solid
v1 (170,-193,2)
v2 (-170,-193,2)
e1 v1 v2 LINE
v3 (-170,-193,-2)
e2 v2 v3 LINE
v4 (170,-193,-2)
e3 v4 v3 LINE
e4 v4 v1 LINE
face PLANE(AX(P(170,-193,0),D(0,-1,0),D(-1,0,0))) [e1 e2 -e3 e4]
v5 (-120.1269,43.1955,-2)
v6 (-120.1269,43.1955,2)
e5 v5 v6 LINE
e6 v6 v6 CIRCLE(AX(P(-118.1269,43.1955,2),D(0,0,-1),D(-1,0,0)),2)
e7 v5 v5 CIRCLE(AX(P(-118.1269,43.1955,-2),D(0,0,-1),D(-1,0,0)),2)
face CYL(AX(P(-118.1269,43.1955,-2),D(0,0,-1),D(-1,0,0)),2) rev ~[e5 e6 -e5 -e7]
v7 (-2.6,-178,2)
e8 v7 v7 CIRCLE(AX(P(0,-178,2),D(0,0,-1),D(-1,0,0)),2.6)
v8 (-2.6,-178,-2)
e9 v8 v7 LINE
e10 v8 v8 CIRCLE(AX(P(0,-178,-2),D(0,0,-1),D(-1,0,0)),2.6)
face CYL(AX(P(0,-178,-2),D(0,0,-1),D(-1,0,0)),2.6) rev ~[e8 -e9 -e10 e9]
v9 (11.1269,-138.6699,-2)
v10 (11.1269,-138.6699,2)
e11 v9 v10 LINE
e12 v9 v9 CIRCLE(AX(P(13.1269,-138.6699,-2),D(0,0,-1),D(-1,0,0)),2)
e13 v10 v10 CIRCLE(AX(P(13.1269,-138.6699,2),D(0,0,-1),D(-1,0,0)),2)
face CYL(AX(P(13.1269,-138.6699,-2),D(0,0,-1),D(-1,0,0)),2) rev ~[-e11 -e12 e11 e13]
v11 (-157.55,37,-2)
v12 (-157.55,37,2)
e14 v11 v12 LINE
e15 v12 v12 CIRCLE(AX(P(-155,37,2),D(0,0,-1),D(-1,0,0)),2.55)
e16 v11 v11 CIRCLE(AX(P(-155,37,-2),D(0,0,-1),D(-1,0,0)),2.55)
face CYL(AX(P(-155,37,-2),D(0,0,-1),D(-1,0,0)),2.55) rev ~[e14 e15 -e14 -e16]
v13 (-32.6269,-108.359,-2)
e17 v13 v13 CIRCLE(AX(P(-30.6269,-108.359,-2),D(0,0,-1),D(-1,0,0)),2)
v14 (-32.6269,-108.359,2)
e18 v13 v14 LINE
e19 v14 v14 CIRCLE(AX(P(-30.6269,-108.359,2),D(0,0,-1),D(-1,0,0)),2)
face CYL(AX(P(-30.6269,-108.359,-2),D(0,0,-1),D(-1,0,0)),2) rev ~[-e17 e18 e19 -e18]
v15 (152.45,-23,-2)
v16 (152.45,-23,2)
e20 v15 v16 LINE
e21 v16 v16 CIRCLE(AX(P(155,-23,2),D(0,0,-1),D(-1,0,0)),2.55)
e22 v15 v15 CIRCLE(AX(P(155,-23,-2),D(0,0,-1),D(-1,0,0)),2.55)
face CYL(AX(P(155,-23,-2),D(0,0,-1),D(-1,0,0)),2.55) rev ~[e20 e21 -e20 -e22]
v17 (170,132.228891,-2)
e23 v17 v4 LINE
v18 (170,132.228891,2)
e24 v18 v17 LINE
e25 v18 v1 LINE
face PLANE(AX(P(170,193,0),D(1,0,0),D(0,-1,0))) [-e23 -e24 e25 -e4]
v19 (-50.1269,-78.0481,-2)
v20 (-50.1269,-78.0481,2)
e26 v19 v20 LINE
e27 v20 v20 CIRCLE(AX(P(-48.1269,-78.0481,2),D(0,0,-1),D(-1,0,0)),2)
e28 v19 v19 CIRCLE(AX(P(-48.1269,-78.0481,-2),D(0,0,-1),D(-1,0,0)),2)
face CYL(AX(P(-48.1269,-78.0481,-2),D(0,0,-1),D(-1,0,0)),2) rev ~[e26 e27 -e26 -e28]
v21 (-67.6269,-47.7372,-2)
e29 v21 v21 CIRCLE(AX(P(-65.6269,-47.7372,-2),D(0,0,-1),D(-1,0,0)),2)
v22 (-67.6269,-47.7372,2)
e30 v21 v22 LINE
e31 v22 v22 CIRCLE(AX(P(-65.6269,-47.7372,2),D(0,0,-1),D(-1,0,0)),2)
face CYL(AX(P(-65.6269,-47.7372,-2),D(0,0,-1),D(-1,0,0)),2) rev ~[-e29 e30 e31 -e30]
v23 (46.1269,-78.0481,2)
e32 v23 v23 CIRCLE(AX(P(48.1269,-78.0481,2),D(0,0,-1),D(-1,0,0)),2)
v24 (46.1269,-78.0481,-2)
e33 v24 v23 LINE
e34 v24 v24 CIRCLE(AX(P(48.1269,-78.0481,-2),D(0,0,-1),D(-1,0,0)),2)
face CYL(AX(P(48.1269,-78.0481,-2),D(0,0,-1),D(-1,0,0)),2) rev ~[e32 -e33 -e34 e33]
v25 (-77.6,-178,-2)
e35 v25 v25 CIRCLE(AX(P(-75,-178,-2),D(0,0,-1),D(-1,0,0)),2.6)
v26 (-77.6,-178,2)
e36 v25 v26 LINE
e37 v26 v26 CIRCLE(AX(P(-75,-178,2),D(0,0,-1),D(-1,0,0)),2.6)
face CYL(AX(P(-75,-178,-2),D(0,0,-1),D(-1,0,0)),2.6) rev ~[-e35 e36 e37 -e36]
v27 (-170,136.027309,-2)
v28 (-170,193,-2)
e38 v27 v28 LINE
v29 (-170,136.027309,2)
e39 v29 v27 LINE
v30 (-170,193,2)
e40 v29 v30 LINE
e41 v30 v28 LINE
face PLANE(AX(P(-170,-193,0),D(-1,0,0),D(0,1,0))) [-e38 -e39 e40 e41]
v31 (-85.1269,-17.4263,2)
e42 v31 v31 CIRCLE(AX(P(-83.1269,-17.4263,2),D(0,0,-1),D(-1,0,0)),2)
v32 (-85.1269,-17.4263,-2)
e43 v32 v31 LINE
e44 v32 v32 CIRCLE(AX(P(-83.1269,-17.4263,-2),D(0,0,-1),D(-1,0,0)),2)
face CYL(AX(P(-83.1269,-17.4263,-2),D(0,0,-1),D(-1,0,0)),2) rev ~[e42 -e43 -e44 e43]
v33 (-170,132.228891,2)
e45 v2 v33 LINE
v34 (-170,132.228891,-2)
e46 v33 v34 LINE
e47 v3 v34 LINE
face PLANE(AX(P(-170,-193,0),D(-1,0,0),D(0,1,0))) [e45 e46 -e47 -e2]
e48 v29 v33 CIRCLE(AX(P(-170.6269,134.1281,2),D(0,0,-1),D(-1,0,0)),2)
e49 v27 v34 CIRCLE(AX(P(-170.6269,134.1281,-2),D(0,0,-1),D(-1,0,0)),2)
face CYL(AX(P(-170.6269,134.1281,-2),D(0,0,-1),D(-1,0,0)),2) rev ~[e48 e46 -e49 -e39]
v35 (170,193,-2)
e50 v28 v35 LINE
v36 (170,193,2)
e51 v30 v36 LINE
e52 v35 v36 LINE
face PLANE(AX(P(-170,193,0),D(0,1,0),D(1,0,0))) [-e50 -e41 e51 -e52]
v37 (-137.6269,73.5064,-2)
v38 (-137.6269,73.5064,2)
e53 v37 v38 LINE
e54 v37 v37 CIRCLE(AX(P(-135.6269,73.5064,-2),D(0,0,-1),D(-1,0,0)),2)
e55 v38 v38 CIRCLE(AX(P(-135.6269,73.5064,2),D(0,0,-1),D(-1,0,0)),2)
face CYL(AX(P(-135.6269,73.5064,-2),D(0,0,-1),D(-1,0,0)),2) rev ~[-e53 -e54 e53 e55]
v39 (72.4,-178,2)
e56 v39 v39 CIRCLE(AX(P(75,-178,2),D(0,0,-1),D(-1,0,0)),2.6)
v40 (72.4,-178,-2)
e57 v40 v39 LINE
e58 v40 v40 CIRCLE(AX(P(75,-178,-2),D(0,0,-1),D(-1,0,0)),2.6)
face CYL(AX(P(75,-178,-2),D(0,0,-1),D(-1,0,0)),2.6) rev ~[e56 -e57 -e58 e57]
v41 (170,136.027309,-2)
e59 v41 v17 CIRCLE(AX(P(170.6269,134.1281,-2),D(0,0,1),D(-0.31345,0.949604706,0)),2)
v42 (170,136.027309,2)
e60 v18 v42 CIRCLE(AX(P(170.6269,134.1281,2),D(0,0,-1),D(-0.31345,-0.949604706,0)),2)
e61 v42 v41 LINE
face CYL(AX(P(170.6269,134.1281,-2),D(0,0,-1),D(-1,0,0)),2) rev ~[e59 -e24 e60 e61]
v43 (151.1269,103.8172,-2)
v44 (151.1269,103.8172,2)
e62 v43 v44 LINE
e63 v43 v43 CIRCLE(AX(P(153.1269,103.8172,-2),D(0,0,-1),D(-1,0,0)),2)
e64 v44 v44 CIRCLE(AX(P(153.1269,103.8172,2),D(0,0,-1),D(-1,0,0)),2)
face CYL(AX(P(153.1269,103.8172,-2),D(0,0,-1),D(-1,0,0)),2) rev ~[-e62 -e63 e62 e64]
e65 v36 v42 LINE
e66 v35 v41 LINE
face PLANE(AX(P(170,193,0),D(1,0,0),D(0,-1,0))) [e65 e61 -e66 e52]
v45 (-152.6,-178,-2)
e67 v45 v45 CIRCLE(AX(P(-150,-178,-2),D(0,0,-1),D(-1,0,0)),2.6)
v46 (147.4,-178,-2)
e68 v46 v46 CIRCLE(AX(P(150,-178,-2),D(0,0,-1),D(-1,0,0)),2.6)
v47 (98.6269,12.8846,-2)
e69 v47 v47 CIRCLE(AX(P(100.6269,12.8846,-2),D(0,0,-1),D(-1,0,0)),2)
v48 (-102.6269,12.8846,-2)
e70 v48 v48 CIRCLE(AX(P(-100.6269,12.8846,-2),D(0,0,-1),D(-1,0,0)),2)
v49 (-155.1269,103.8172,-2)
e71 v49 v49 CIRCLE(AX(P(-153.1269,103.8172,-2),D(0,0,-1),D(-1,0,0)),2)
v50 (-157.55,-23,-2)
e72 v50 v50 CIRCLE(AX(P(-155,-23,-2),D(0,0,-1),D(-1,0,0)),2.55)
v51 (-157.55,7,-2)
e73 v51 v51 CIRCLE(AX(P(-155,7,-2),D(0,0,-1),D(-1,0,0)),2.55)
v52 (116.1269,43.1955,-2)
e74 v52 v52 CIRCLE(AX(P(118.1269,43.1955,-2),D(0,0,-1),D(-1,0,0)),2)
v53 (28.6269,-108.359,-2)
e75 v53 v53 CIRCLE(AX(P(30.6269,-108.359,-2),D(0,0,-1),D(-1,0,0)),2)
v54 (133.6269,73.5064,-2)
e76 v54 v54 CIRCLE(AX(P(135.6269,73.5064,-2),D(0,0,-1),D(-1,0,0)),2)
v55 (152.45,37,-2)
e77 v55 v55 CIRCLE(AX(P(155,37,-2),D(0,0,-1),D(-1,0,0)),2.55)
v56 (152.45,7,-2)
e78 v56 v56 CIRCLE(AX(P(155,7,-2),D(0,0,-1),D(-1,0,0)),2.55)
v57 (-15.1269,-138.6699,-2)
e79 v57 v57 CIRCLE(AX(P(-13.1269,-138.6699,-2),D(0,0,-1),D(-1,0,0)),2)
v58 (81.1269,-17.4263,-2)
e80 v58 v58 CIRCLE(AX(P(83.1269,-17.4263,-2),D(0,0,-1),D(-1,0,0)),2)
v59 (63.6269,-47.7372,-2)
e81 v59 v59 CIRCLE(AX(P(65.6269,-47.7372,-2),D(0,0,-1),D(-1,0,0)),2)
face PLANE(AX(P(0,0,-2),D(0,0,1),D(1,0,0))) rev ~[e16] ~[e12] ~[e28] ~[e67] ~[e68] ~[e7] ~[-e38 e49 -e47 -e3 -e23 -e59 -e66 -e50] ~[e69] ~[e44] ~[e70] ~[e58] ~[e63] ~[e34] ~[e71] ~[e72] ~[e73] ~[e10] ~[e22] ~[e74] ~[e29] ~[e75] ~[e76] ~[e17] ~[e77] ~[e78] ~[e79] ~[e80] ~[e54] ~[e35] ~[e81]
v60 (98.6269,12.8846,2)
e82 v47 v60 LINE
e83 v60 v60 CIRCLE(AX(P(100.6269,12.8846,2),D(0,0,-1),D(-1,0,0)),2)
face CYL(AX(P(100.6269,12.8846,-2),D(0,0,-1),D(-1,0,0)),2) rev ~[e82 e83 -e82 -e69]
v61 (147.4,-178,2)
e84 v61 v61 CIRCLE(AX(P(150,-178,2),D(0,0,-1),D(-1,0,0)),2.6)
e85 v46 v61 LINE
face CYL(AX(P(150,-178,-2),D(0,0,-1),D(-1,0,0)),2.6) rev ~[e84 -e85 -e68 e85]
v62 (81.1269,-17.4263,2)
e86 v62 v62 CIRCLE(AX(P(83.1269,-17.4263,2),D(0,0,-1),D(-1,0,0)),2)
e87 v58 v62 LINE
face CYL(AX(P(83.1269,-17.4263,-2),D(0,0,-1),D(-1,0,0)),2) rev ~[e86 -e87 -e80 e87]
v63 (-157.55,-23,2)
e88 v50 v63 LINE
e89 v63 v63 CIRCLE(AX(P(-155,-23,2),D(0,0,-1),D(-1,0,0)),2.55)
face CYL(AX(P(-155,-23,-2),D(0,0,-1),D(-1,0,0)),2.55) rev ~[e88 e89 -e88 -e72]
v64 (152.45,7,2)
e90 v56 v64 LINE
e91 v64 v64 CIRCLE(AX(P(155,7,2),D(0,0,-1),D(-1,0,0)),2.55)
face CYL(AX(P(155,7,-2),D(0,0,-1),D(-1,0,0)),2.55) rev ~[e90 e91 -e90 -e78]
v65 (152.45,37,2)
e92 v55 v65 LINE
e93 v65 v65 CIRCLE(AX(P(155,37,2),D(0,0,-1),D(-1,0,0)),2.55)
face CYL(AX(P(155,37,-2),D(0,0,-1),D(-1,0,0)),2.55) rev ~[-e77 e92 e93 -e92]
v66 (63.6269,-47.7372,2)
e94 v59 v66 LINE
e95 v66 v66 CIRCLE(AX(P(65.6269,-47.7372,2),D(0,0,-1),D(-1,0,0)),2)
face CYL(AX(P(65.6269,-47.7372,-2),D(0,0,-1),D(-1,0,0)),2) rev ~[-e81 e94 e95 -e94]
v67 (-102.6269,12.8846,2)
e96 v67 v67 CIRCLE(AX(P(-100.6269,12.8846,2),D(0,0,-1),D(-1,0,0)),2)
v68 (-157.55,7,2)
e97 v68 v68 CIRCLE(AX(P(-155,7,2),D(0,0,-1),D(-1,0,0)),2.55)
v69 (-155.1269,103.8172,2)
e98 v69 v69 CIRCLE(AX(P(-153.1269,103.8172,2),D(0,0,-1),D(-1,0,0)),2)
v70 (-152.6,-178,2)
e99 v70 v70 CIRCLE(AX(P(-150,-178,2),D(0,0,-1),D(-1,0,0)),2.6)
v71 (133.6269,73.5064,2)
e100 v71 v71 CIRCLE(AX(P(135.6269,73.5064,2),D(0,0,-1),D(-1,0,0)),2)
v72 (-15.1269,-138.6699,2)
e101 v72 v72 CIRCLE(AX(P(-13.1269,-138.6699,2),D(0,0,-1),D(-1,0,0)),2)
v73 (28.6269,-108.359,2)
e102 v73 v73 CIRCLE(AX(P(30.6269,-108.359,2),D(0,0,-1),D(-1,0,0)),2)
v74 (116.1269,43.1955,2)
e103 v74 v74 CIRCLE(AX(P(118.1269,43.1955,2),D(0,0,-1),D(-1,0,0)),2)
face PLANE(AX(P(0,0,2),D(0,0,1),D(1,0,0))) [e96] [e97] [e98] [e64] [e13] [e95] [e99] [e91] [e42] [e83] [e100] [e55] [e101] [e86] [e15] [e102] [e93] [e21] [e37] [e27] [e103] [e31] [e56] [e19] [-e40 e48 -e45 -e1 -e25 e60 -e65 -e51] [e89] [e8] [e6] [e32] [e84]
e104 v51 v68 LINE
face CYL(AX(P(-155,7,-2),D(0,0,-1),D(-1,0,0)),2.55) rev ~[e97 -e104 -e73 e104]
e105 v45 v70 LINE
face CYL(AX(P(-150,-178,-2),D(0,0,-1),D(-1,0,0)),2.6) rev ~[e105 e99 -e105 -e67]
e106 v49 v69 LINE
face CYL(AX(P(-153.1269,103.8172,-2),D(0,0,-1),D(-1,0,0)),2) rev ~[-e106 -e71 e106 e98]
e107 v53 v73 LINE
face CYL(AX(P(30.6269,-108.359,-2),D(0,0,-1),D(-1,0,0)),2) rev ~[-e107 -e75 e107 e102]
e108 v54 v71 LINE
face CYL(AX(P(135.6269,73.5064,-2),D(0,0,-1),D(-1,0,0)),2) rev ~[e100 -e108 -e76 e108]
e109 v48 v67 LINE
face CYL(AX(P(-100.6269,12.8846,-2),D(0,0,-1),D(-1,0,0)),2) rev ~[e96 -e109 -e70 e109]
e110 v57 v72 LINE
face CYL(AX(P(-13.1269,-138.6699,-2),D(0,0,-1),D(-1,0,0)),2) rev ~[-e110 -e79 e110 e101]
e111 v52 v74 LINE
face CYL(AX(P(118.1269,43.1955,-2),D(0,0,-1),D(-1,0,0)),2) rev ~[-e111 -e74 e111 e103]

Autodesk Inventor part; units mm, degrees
ref_plane "YZ Plane" through (0, 0, 0) normal (1, 0, 0) x (0, 1, 0)
ref_plane "XZ Plane" through (0, 0, 0) normal (0, 1, 0) x (-1, 0, 0)
sketch "Эскиз1" plane through (0, 0, 0) normal (0, 0, 1) x (1, 0, 0)
  line L0 (170, -193) -> (-170, -193)
  line L1 (-170, -193) -> (-170, 193)
  line L2 (-170, 193) -> (170, 193)
  line L3 (170, 193) -> (170, -193)
  line L4 (170, -193) -> (-170, 193) construction
  line L5 (-170, -193) -> (170, 193) construction
  point P0 (0, 0)
  dimension "d0" = 340
  dimension "d1" = 386
extrude "Выдавливание1" add sketch "Эскиз1" along normal mid plane 4
sketch "Эскиз2" plane through (0, 0, -2) normal (0, 0, -1) x (-1, 0, 0)
  line L0 (-217.6269, 215.5345) -> (23.8731, -202.7558) construction
  line L1 (-23.8731, -202.7558) -> (217.6269, 215.5345) construction
  line L2 (-7.186, -135.2399) -> (-19.0679, -142.0999) construction
  circle A0 centre (-13.1269, -138.6699) radius 2
  line L3 (-24.686, -104.929) -> (-36.5679, -111.789) construction
  circle A1 centre (-30.6269, -108.359) radius 2
  line L4 (-42.186, -74.6181) -> (-54.0679, -81.4781) construction
  circle A2 centre (-48.1269, -78.0481) radius 2
  line L5 (-59.686, -44.3072) -> (-71.5679, -51.1672) construction
  circle A3 centre (-65.6269, -47.7372) radius 2
  line L6 (-77.186, -13.9963) -> (-89.0679, -20.8563) construction
  circle A4 centre (-83.1269, -17.4263) radius 2
  line L7 (-94.686, 16.3146) -> (-106.5679, 9.4546) construction
  circle A5 centre (-100.6269, 12.8846) radius 2
  line L8 (-112.186, 46.6255) -> (-124.0679, 39.7655) construction
  circle A6 centre (-118.1269, 43.1955) radius 2
  line L9 (-129.686, 76.9364) -> (-141.5679, 70.0764) construction
  circle A7 centre (-135.6269, 73.5064) radius 2
  line L10 (-147.186, 107.2472) -> (-159.0679, 100.3872) construction
  circle A8 centre (-153.1269, 103.8172) radius 2
  line L11 (-164.686, 137.5581) -> (-176.5679, 130.6981) construction
  circle A9 centre (-170.6269, 134.1281) radius 2
  line L12 (7.186, -135.2399) -> (19.0679, -142.0999) construction
  circle A10 centre (13.1269, -138.6699) radius 2
  circle A11 centre (30.6269, -108.359) radius 2
  circle A12 centre (48.1269, -78.0481) radius 2
  circle A13 centre (65.6269, -47.7372) radius 2
  circle A14 centre (83.1269, -17.4263) radius 2
  circle A15 centre (100.6269, 12.8846) radius 2
  circle A16 centre (118.1269, 43.1955) radius 2
  circle A17 centre (135.6269, 73.5064) radius 2
  circle A18 centre (153.1269, 103.8172) radius 2
  circle A19 centre (170.6269, 134.1281) radius 2
  point P0 (0, 0)
  dimension "d4" = 4
  dimension "d7" = 35
  dimension "d12" = 4
  dimension "d15" = 35
extrude "Выдавливание2" cut sketch "Эскиз2" against normal up to next
sketch "Эскиз3" plane through (0, 0, -2) normal (0, 0, -1) x (-1, 0, 0)
  circle A0 centre (-150, -178) radius 2.6 projected
  circle A1 centre (-75, -178) radius 2.6 projected
  circle A2 centre (0, -178) radius 2.6 projected
  circle A3 centre (75, -178) radius 2.6 projected
  circle A4 centre (150, -178) radius 2.6 projected
  point P0 (0, 0)
extrude "Выдавливание3" cut sketch "Эскиз3" against normal up to next
sketch "Эскиз4" plane through (0, 0, -2) normal (0, 0, -1) x (-1, 0, 0)
  circle A0 centre (-155, -23) radius 2.55 projected
  circle A1 centre (-155, 7) radius 2.55 projected
  circle A2 centre (-155, 37) radius 2.55 projected
  circle A3 centre (155, 37) radius 2.55 projected
  circle A4 centre (155, 7) radius 2.55 projected
  circle A5 centre (155, -23) radius 2.55 projected
  point P0 (0, 0)
extrude "Выдавливание4" cut sketch "Эскиз4" against normal up to next
properties part number "Задняя панель"
